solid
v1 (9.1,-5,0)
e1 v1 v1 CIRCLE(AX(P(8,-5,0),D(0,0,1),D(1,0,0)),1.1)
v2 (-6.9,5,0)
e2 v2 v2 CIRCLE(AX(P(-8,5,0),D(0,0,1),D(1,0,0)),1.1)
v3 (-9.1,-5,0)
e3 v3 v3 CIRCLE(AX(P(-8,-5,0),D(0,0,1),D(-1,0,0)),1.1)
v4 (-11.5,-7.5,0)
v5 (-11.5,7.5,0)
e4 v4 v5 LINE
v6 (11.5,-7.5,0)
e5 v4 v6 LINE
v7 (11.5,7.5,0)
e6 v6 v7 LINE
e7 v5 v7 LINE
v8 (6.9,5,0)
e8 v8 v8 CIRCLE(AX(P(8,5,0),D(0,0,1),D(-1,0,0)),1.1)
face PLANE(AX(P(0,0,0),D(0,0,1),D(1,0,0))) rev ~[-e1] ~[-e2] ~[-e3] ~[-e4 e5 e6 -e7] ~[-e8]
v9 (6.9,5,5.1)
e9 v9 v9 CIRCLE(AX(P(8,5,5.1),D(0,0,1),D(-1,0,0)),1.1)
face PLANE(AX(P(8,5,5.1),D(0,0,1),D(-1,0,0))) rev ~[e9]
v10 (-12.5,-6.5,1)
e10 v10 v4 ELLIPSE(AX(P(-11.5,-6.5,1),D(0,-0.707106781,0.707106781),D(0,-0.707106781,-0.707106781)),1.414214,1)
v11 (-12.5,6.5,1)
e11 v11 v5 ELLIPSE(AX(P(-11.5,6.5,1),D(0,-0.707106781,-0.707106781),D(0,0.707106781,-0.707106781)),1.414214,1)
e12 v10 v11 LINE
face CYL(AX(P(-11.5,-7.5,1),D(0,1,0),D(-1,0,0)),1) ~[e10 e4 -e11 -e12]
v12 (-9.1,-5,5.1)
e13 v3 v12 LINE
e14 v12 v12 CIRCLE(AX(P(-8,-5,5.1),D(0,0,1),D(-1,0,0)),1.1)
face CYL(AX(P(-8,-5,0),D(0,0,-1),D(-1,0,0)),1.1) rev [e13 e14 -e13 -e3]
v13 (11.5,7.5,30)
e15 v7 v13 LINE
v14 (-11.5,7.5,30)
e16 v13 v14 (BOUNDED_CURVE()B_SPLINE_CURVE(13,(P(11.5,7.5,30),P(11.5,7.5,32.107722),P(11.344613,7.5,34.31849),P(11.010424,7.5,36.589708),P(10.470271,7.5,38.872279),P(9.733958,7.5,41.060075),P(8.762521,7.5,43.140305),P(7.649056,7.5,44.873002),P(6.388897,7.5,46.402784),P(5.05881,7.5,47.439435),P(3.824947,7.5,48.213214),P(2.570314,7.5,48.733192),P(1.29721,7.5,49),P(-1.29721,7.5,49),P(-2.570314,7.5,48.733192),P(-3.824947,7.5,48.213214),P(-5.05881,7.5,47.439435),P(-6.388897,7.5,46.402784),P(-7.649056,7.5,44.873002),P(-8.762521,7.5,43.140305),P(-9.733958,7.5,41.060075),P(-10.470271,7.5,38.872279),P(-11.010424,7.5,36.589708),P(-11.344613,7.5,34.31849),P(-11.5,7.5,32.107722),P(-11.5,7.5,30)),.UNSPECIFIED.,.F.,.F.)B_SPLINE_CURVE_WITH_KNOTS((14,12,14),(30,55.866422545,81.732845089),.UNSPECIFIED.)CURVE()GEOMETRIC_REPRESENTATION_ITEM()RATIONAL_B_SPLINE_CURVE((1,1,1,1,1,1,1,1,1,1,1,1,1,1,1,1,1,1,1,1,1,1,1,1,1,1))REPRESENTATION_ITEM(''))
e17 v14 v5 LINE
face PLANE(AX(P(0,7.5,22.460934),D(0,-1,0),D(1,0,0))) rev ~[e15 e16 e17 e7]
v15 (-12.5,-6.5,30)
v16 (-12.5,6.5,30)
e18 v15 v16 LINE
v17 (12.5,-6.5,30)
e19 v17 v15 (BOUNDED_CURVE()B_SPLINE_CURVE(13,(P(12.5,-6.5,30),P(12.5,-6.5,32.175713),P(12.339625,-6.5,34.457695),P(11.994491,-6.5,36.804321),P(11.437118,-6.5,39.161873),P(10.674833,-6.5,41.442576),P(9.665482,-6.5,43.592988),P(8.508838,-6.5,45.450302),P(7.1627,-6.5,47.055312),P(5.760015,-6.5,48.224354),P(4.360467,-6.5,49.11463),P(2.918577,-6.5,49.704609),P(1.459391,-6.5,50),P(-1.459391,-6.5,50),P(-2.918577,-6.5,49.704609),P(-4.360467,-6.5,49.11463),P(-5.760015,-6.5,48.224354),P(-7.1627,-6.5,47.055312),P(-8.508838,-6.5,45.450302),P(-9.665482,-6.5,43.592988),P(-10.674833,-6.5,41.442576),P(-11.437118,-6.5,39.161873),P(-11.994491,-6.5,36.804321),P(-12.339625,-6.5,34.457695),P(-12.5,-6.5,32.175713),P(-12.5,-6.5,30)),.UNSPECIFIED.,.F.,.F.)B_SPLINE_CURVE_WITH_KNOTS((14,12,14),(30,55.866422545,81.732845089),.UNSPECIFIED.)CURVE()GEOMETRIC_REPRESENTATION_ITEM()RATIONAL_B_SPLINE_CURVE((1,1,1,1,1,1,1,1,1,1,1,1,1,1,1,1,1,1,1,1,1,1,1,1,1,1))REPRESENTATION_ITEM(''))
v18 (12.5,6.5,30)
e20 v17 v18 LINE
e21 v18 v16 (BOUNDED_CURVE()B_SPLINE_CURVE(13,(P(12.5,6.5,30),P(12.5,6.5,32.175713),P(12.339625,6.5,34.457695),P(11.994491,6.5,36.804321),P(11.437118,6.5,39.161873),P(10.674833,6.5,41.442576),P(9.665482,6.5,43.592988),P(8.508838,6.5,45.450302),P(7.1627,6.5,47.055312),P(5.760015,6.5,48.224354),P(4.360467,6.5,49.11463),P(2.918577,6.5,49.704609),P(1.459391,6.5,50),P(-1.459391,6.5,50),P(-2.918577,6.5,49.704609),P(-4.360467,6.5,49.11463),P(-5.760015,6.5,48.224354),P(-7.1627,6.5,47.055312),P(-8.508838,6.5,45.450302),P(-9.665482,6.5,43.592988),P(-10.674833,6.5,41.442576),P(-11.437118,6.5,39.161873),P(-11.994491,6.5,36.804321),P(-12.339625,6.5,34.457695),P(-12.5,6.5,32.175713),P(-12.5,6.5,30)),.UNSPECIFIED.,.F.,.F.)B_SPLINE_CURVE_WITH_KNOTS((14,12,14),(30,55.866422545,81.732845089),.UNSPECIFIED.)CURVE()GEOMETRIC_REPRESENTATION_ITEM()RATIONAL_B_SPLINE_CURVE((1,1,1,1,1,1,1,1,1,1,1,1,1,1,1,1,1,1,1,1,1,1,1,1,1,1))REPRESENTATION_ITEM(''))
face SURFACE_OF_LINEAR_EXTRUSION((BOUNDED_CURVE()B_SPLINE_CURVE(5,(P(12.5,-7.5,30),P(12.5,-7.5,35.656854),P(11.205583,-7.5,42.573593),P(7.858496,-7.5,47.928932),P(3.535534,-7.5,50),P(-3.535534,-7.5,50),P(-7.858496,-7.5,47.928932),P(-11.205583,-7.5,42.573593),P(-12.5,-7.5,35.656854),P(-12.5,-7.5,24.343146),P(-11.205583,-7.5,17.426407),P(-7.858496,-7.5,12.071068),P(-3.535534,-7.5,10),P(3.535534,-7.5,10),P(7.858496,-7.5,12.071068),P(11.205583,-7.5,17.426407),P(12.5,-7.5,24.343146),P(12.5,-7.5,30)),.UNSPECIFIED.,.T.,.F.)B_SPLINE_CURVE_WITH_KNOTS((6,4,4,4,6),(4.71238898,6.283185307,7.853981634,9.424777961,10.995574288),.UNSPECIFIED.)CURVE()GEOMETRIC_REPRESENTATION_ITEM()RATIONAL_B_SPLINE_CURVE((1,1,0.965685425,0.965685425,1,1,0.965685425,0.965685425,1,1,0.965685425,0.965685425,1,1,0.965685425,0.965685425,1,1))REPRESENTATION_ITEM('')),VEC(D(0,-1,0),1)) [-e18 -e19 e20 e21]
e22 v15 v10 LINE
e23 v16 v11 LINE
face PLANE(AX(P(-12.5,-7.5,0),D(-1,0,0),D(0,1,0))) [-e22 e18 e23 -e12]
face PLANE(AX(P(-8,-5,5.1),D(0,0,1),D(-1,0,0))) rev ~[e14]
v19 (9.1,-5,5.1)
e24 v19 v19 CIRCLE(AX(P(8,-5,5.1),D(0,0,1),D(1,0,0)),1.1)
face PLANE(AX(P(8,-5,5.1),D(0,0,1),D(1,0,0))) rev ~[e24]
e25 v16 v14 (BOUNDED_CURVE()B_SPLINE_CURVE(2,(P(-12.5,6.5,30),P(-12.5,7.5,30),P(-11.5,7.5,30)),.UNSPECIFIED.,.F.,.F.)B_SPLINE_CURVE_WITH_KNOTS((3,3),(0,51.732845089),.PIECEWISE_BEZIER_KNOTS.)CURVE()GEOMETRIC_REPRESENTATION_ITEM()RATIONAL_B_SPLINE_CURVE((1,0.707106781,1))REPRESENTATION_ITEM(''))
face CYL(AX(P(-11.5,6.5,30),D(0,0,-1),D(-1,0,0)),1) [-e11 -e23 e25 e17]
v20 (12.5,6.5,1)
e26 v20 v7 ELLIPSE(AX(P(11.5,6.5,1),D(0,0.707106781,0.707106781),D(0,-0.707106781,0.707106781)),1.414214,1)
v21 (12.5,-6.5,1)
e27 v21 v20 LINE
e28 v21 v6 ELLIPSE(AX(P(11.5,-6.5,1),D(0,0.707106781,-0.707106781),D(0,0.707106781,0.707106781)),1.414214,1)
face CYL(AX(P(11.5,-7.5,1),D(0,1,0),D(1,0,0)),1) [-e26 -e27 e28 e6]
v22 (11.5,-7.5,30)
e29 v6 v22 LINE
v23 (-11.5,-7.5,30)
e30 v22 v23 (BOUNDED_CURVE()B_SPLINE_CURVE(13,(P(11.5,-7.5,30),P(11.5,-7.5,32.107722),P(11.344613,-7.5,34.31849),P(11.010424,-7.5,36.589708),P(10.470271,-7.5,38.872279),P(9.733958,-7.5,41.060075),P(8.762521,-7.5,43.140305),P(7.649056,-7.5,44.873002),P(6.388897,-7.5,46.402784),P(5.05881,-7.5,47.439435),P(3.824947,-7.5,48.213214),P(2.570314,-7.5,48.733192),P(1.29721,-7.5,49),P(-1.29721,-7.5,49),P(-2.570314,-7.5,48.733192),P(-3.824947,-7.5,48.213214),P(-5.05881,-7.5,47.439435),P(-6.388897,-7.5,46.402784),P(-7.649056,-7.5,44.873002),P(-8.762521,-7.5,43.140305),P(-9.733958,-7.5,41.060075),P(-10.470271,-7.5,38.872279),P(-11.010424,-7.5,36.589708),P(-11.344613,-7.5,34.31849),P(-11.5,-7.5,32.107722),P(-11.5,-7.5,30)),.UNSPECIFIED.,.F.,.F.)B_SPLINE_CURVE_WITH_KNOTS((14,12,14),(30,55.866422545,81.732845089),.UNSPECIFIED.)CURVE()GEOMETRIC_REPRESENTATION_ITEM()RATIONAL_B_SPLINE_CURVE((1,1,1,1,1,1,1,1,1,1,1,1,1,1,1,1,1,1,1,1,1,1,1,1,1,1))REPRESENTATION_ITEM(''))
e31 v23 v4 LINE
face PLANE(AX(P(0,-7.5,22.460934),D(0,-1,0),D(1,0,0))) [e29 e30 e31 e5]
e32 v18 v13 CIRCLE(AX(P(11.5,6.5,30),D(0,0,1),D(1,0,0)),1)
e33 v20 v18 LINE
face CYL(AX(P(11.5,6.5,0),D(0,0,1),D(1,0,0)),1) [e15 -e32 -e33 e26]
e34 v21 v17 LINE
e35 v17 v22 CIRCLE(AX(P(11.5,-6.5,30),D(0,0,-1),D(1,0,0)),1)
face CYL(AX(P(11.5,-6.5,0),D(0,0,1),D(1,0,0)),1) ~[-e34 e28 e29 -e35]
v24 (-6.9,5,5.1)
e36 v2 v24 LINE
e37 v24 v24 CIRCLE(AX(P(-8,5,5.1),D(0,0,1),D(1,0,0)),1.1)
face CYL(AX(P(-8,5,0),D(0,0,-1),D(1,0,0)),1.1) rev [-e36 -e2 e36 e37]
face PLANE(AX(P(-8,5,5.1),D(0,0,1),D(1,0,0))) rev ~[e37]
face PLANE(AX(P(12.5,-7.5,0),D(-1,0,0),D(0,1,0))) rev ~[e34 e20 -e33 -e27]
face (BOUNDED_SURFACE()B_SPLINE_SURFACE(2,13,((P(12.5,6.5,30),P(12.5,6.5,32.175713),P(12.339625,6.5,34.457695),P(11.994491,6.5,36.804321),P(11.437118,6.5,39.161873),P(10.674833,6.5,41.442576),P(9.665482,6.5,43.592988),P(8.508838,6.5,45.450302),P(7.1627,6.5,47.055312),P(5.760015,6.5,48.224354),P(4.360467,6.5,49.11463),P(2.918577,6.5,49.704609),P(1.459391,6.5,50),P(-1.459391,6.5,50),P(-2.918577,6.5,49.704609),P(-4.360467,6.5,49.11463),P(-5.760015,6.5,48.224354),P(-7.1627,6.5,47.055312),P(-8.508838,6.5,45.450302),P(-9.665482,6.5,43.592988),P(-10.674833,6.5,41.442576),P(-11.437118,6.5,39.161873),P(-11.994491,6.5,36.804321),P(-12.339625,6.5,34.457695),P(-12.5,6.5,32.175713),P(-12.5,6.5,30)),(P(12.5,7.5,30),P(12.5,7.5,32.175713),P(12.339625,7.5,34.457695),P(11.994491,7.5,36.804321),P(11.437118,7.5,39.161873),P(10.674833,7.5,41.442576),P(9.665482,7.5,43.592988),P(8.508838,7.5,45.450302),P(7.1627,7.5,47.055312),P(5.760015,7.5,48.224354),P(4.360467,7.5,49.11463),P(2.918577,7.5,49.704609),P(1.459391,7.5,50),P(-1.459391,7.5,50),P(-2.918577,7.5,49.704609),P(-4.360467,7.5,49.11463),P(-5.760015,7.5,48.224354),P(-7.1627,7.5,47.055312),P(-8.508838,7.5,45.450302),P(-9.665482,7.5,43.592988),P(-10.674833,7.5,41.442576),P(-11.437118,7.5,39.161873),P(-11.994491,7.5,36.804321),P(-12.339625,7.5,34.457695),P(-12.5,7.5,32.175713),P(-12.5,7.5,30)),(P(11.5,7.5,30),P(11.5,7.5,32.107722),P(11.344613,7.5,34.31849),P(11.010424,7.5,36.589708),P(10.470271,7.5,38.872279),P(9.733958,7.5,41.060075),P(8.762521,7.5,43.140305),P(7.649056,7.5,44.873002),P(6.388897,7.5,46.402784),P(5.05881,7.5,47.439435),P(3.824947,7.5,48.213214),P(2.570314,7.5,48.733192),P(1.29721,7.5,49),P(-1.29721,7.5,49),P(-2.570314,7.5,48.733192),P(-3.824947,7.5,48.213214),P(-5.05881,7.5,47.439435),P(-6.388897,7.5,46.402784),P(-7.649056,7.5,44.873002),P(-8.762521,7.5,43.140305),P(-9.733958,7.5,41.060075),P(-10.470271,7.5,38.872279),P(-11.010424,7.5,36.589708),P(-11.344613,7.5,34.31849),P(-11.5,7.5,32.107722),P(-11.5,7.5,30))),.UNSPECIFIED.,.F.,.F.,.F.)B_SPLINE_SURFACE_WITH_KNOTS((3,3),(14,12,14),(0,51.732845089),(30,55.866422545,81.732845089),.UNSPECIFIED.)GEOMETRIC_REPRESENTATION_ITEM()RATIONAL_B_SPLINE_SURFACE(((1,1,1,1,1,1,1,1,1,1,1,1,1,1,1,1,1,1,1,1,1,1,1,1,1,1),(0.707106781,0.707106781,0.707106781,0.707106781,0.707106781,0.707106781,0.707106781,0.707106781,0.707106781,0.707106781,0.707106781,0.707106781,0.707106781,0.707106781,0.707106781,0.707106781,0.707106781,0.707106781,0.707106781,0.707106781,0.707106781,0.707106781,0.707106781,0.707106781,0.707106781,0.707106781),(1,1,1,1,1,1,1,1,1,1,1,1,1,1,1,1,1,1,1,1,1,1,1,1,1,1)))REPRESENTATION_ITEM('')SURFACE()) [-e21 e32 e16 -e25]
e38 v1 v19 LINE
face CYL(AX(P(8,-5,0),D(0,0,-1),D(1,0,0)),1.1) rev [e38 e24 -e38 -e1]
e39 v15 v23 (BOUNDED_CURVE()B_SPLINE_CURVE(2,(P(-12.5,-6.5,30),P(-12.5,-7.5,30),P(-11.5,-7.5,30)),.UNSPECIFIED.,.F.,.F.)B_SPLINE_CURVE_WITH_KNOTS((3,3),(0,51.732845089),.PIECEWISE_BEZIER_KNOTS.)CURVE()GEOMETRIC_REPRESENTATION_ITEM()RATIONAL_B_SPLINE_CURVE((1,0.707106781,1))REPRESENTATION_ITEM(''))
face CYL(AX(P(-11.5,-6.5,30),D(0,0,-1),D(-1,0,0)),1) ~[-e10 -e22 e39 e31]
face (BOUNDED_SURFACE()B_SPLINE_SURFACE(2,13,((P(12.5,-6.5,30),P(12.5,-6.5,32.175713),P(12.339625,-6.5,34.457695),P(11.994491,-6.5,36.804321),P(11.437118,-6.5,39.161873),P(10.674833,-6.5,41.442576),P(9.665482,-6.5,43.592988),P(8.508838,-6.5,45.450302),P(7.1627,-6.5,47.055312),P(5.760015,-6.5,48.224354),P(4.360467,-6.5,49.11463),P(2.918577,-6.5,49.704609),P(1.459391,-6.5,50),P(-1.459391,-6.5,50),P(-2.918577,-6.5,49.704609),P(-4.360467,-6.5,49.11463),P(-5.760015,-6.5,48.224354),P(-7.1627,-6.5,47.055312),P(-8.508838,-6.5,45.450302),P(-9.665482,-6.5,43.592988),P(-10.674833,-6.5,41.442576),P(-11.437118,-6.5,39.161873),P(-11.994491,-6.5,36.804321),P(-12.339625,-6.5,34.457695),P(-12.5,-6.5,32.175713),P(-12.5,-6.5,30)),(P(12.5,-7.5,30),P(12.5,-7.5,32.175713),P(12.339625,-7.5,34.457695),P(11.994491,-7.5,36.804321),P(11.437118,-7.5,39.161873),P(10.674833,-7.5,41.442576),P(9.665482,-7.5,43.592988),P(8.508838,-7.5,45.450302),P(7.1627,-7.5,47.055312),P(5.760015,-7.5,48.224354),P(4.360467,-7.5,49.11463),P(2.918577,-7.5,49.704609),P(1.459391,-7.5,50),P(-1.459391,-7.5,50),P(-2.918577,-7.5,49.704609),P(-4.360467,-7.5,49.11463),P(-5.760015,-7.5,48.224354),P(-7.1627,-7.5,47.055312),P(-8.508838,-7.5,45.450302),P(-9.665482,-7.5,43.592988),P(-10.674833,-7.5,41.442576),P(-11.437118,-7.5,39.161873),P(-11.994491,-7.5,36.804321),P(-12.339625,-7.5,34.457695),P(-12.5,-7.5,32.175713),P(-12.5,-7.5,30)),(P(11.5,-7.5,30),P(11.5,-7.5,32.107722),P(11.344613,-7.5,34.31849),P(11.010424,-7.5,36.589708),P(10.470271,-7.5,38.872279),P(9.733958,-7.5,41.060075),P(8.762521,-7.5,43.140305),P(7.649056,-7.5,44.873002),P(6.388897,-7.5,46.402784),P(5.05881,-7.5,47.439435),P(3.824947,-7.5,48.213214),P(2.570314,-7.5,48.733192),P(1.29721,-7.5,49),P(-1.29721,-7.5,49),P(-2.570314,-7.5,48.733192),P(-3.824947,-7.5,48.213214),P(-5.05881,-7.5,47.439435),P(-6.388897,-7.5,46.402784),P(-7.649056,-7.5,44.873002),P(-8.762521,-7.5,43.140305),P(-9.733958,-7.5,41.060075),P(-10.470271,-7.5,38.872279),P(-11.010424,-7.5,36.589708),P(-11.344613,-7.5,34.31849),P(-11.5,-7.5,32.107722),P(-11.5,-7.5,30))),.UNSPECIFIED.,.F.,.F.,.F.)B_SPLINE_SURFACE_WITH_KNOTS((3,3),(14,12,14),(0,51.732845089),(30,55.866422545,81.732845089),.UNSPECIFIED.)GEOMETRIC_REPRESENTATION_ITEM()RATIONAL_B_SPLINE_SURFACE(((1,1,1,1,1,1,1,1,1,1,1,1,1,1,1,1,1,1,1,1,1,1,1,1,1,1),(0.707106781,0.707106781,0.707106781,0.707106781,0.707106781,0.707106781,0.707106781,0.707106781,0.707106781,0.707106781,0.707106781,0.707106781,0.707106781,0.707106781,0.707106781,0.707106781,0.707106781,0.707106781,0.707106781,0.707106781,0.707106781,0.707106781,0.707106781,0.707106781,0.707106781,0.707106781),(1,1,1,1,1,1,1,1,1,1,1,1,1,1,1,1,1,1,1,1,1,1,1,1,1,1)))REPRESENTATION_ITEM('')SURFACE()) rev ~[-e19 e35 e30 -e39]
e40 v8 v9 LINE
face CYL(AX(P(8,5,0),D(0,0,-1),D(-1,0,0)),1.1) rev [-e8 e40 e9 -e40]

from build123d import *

# Parameters (mm, degrees)
SKETCH1_W           = 25
SKETCH1_H           = 15
BASE_DEPTH          = 30
SKETCH1_3_R         = 1.1
M2X10MM_PIN_DEPTH   = 5.1
BOSS_EXTRUDE2_DEPTH = 15
FILLET1_R           = 1


with BuildPart() as part:
    # Sketch1 → base (new body)
    with BuildSketch(Plane.XY):
        Rectangle(SKETCH1_W, SKETCH1_H)
    extrude(amount=BASE_DEPTH)

    # Sketch1<3> → m2x10mm_pin (cut)
    with BuildSketch(Plane.XY):
        with Locations((-8, 5)):
            Circle(SKETCH1_3_R)
        with Locations(Location((8, 5, 0), (0, 0, 180))):
            Circle(SKETCH1_3_R)
        with Locations((8, -5)):
            Circle(SKETCH1_3_R)
        with Locations(Location((-8, -5, 0), (0, 0, 180))):
            Circle(SKETCH1_3_R)
    extrude(amount=M2X10MM_PIN_DEPTH, mode=Mode.SUBTRACT)

    # Sketch2 → Boss-Extrude2 (add)
    with BuildSketch(Plane.XZ.offset(7.5)):
        with BuildLine():
            add(Edge.make_bspline(
                [(-12.5, 30), (-12.5, 10), (0, 10), (12.5, 10), (12.5, 30)],
                knots=[1.570796327, 1.570796327, 1.570796327, 3.141592654, 3.141592654, 4.71238898, 4.71238898, 4.71238898], degree=2, weights=[1, 0.707106781, 1, 0.707106781, 1]))
            Line((12.5, 30), (-12.5, 30))
        make_face()
        with BuildLine():
            Line((-12.5, 30), (12.5, 30))
            add(Edge.make_bspline(
                [(12.5, 30), (12.5, 50), (0, 50)],
                knots=[4.71238898, 4.71238898, 4.71238898, 6.283185307, 6.283185307, 6.283185307], degree=2, weights=[1, 0.707106781, 1]))
            add(Edge.make_bspline(
                [(0, 50), (-12.5, 50), (-12.5, 30)],
                knots=[0, 0, 0, 1.570796327, 1.570796327, 1.570796327], degree=2, weights=[1, 0.707106781, 1]))
        make_face()
    extrude(amount=-BOSS_EXTRUDE2_DEPTH)

    # Fillet1
    fillet1_edges = [part.edges().sort_by_distance(p)[0] for p in [
        (-9.747017885, -7.5, 42.521535226),
        (-9.747017885, 7.5, 42.521535226),
        (12.5, 0, 0),
        (-12.5, 0, 0),
        (12.5, -7.5, 15),
        (12.5, 7.5, 15),
        (-12.5, 7.5, 15),
        (-12.5, -7.5, 15),
    ]]
    fillet(fillet1_edges, radius=FILLET1_R)


solid = part.part
